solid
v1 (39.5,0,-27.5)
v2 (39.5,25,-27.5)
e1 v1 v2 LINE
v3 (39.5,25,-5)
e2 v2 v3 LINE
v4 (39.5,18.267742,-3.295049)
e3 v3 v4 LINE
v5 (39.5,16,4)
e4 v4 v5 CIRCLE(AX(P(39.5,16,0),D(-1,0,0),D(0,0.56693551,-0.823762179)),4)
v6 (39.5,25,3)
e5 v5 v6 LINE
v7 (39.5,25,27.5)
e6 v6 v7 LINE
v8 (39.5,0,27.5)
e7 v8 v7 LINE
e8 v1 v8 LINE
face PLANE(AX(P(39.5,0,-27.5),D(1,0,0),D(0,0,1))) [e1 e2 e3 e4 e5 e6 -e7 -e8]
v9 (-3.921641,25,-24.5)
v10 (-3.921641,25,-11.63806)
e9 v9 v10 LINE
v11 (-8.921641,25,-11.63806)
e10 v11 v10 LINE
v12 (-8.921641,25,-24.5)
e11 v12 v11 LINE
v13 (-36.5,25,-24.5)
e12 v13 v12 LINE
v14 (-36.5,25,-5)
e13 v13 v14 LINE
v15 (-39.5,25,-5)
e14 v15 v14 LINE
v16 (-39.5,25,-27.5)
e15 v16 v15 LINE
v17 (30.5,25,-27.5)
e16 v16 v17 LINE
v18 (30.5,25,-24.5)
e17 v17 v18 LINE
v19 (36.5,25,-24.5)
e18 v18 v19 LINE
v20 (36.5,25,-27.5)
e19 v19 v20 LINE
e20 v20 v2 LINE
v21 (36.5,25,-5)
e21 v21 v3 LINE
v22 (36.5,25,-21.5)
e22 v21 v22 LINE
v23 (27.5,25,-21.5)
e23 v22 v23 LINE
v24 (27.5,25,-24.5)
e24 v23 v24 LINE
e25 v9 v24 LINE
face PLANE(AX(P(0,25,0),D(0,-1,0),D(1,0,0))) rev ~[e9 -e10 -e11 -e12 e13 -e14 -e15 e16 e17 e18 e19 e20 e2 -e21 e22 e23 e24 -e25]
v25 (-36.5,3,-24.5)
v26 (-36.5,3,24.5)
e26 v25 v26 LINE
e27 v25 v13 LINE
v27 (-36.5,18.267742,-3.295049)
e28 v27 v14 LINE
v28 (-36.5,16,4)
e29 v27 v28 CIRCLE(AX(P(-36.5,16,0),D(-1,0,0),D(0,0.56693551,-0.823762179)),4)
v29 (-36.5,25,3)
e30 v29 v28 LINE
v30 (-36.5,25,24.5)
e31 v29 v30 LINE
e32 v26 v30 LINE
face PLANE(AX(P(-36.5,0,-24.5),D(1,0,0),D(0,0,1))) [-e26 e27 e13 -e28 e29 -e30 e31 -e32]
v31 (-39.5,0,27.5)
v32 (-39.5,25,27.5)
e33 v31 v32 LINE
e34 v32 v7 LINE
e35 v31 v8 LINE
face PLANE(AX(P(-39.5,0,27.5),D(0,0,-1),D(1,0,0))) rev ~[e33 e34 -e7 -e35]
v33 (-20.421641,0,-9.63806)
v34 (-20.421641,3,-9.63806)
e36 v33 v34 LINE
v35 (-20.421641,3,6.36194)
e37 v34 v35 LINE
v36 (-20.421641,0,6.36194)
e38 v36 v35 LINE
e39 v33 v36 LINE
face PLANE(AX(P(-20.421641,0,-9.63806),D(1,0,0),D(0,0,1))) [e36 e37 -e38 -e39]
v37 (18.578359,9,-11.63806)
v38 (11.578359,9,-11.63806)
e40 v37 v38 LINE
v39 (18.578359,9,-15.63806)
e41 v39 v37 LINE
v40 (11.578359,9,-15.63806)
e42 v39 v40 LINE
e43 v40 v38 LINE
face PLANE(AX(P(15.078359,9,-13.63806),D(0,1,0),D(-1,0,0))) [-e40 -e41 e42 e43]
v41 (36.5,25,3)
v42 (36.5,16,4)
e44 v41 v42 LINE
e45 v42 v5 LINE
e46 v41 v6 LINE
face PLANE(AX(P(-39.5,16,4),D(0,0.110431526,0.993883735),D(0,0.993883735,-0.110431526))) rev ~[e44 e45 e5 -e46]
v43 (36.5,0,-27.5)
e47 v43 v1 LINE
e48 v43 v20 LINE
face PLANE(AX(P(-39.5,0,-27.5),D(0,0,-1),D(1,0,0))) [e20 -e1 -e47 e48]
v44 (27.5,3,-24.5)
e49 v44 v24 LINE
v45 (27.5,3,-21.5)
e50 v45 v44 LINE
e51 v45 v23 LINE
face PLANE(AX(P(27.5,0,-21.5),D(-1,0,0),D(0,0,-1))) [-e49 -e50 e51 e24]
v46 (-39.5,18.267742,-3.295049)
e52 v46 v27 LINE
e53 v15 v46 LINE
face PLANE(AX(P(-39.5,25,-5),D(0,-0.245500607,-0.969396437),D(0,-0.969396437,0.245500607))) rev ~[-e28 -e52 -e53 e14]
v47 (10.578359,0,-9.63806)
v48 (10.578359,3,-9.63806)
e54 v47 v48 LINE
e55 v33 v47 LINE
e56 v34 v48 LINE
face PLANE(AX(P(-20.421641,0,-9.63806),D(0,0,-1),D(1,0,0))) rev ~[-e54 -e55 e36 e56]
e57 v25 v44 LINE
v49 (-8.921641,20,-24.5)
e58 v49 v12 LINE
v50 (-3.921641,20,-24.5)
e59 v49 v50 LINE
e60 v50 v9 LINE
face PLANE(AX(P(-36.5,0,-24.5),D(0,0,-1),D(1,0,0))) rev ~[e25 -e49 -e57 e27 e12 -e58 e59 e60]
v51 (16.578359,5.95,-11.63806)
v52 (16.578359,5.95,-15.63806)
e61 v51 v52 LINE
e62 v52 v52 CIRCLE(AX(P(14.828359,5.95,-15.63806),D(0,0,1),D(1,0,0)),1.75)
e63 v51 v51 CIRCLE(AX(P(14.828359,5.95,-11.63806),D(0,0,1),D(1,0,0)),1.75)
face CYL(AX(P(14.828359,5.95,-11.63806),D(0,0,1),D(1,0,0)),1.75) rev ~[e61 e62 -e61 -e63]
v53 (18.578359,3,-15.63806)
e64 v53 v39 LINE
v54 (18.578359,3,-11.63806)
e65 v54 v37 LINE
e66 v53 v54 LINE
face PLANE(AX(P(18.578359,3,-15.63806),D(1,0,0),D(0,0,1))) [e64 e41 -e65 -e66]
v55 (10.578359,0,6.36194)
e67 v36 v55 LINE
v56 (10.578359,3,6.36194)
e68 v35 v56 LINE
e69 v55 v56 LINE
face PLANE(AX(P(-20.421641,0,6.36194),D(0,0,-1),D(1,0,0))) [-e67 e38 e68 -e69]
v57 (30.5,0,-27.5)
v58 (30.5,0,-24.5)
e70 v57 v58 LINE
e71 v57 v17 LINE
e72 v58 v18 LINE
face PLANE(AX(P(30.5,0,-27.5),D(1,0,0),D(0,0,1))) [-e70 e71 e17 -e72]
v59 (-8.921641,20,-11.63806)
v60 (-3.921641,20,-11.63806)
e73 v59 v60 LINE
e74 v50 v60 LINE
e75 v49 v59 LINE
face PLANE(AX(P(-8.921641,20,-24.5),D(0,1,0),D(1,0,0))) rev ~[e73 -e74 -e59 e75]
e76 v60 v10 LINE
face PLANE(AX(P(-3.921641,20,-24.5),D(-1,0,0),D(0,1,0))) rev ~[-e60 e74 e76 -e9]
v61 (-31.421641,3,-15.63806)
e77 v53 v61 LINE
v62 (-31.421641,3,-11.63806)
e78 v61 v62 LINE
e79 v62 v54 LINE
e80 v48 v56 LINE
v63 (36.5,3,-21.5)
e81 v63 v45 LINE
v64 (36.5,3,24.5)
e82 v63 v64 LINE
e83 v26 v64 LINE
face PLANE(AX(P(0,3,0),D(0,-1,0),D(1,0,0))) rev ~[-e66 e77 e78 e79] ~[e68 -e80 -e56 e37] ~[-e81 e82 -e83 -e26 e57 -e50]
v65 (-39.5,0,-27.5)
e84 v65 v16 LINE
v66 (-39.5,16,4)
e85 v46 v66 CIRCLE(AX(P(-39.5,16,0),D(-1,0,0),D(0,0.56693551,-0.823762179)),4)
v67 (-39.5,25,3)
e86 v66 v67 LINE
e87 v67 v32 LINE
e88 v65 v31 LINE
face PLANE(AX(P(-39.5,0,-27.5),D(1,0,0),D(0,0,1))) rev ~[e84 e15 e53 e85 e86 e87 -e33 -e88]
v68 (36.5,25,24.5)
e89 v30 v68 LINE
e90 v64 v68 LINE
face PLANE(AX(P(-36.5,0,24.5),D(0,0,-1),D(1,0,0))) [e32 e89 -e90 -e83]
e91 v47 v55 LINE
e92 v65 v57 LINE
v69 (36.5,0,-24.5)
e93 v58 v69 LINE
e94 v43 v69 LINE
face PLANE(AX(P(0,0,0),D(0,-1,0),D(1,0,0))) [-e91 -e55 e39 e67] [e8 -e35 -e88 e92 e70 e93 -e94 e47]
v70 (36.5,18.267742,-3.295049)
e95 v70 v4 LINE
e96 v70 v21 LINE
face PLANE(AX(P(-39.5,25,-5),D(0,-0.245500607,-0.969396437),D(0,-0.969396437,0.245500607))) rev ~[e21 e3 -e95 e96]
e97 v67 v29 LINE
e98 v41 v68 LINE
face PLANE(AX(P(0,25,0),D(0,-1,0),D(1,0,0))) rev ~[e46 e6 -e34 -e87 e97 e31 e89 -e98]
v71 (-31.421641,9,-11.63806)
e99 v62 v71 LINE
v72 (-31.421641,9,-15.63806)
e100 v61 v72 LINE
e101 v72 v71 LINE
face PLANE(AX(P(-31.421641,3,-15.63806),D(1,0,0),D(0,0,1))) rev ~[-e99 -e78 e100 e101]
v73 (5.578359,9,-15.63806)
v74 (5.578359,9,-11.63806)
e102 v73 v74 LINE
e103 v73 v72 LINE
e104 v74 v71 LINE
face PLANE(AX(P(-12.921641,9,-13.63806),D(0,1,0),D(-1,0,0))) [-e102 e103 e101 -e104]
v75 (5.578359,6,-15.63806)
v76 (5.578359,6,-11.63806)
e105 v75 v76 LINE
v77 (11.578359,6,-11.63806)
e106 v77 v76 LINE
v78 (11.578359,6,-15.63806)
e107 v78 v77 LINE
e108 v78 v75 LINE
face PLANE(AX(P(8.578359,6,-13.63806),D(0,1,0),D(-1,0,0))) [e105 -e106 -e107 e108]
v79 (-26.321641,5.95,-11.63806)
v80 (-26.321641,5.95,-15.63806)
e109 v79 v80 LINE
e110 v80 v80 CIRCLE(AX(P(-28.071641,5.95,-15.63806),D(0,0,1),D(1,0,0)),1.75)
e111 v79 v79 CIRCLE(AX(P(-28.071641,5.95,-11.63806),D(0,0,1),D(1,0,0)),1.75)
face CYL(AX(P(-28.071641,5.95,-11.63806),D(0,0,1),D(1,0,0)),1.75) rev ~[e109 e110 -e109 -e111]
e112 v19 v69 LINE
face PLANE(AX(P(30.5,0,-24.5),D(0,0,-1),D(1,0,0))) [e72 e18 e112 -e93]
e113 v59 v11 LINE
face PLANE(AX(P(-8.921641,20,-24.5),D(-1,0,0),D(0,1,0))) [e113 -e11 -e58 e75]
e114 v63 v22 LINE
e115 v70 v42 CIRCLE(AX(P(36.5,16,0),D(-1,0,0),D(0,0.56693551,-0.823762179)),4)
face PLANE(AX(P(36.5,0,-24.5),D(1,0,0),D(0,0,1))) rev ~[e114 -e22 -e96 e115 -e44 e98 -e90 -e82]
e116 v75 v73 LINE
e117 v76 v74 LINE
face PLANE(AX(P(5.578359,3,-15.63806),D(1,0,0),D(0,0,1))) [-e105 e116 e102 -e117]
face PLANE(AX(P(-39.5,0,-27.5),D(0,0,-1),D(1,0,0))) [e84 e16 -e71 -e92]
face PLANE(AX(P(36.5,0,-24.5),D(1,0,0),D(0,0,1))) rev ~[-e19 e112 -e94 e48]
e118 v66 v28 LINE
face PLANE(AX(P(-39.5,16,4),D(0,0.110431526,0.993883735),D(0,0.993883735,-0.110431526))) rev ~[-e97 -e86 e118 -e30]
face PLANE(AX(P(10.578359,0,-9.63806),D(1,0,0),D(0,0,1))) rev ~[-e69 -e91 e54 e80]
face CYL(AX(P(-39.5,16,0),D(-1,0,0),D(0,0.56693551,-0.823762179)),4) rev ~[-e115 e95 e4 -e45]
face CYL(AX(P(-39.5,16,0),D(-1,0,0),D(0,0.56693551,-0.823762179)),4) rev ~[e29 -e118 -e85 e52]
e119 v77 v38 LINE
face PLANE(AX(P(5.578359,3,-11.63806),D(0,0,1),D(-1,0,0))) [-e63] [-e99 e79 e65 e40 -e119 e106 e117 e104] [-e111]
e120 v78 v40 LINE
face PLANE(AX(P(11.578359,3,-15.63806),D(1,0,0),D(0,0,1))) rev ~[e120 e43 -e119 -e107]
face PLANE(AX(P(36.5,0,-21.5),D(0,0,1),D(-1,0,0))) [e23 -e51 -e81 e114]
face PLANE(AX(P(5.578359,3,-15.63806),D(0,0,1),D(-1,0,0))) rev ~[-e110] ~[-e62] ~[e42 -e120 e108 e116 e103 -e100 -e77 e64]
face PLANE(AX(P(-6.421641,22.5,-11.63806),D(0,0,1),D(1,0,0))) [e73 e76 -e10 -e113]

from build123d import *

# Parameters (mm, degrees)
F0_W      = 79
F0_H      = 55
F0_W_2    = 73
F0_H_2    = 49
F1_DEPTH  = 25
F3_DEPTH  = 79
F0_W_3    = 31
F0_H_3    = 16
F4_DEPTH  = 3
F5_W      = 6
F5_H      = 4
F6_DEPTH  = 3
F5_W_2    = 37
F5_W_3    = 7
F7_DEPTH  = 6
F8_W      = 5
F8_H      = 5
F9_DEPTH  = 12.86194
F10_R     = 1.75
F11_DEPTH = 4
F12_W     = 6
F12_H     = 3
F13_DEPTH = 25
F14_DEPTH = 25


with BuildPart() as f1:
    # F0 (on Front) → F1 (new body)
    with BuildSketch(Plane.XZ):
        Rectangle(F0_W, F0_H)
        Rectangle(F0_W_2, F0_H_2, mode=Mode.SUBTRACT)
    extrude(amount=-F1_DEPTH)

    # F2 (on face) → F3 (cut, through all)
    with BuildSketch(Plane(origin=(-39.5, 0, 0), x_dir=(0, -1, 0), z_dir=(-1, 0, 0))):
        with BuildLine():
            Line((-25, -5), (-18.267742, -3.295049))
            ThreePointArc((-18.267742, -3.295049), (-12.180301, -1.187393), (-16, 4))
            Line((-16, 4), (-16.878049, 3.902439))
            Line((-16.878049, 3.902439), (-25, 3))
            Line((-25, 3), (-25, -5))
        make_face()
    extrude(amount=-F3_DEPTH, mode=Mode.SUBTRACT)

    # F0 (on Front) → F4 (join)
    with BuildSketch(Plane.XZ):
        Rectangle(F0_W_2, F0_H_2)
        with Locations((-4.921641, -1.63806)):
            Rectangle(F0_W_3, F0_H_3, mode=Mode.SUBTRACT)
    extrude(amount=-F4_DEPTH)

    # F5 (on face) → F6 (join)
    with BuildSketch(Plane(origin=(0, 3, 0), x_dir=(-1, 0, 0), z_dir=(0, 1, 0))):
        with Locations((-8.578359, -13.63806)):
            Rectangle(F5_W, F5_H)
    extrude(amount=F6_DEPTH)

    # F5 (on face) → F7 (join)
    with BuildSketch(Plane(origin=(0, 3, 0), x_dir=(-1, 0, 0), z_dir=(0, 1, 0))):
        with Locations((12.921641, -13.63806)):
            Rectangle(F5_W_2, F5_H)
        with Locations((-15.078359, -13.63806)):
            Rectangle(F5_W_3, F5_H)
    extrude(amount=F7_DEPTH)

    # F8 (on face) → F9 (join)
    with BuildSketch(Plane.XY.offset(-24.5)):
        with Locations((-6.421641, 22.5)):
            Rectangle(F8_W, F8_H)
    extrude(amount=F9_DEPTH)

    # F10 (on face) → F11 (cut, through all)
    with BuildSketch(Plane.XY.offset(-11.63806)):
        with Locations((14.828359, 5.95)):
            Circle(F10_R)
        with Locations((-28.071641, 5.95)):
            Circle(F10_R)
    extrude(amount=-F11_DEPTH, mode=Mode.SUBTRACT)

    # F12 (on face) → F13 (cut, through all)
    with BuildSketch(Plane.XZ):
        with Locations((33.5, -26)):
            Rectangle(F12_W, F12_H)
    extrude(amount=-F13_DEPTH, mode=Mode.SUBTRACT)

    # F12 (on face) → F14 (join, through all)
    with BuildSketch(Plane.XZ):
        Polygon((27.5, -27.5), (30.5, -27.5), (30.5, -24.5), (36.5, -24.5), (36.5, -21.5), (27.5, -21.5), align=None)
    extrude(amount=-F14_DEPTH)


solid = f1.part
